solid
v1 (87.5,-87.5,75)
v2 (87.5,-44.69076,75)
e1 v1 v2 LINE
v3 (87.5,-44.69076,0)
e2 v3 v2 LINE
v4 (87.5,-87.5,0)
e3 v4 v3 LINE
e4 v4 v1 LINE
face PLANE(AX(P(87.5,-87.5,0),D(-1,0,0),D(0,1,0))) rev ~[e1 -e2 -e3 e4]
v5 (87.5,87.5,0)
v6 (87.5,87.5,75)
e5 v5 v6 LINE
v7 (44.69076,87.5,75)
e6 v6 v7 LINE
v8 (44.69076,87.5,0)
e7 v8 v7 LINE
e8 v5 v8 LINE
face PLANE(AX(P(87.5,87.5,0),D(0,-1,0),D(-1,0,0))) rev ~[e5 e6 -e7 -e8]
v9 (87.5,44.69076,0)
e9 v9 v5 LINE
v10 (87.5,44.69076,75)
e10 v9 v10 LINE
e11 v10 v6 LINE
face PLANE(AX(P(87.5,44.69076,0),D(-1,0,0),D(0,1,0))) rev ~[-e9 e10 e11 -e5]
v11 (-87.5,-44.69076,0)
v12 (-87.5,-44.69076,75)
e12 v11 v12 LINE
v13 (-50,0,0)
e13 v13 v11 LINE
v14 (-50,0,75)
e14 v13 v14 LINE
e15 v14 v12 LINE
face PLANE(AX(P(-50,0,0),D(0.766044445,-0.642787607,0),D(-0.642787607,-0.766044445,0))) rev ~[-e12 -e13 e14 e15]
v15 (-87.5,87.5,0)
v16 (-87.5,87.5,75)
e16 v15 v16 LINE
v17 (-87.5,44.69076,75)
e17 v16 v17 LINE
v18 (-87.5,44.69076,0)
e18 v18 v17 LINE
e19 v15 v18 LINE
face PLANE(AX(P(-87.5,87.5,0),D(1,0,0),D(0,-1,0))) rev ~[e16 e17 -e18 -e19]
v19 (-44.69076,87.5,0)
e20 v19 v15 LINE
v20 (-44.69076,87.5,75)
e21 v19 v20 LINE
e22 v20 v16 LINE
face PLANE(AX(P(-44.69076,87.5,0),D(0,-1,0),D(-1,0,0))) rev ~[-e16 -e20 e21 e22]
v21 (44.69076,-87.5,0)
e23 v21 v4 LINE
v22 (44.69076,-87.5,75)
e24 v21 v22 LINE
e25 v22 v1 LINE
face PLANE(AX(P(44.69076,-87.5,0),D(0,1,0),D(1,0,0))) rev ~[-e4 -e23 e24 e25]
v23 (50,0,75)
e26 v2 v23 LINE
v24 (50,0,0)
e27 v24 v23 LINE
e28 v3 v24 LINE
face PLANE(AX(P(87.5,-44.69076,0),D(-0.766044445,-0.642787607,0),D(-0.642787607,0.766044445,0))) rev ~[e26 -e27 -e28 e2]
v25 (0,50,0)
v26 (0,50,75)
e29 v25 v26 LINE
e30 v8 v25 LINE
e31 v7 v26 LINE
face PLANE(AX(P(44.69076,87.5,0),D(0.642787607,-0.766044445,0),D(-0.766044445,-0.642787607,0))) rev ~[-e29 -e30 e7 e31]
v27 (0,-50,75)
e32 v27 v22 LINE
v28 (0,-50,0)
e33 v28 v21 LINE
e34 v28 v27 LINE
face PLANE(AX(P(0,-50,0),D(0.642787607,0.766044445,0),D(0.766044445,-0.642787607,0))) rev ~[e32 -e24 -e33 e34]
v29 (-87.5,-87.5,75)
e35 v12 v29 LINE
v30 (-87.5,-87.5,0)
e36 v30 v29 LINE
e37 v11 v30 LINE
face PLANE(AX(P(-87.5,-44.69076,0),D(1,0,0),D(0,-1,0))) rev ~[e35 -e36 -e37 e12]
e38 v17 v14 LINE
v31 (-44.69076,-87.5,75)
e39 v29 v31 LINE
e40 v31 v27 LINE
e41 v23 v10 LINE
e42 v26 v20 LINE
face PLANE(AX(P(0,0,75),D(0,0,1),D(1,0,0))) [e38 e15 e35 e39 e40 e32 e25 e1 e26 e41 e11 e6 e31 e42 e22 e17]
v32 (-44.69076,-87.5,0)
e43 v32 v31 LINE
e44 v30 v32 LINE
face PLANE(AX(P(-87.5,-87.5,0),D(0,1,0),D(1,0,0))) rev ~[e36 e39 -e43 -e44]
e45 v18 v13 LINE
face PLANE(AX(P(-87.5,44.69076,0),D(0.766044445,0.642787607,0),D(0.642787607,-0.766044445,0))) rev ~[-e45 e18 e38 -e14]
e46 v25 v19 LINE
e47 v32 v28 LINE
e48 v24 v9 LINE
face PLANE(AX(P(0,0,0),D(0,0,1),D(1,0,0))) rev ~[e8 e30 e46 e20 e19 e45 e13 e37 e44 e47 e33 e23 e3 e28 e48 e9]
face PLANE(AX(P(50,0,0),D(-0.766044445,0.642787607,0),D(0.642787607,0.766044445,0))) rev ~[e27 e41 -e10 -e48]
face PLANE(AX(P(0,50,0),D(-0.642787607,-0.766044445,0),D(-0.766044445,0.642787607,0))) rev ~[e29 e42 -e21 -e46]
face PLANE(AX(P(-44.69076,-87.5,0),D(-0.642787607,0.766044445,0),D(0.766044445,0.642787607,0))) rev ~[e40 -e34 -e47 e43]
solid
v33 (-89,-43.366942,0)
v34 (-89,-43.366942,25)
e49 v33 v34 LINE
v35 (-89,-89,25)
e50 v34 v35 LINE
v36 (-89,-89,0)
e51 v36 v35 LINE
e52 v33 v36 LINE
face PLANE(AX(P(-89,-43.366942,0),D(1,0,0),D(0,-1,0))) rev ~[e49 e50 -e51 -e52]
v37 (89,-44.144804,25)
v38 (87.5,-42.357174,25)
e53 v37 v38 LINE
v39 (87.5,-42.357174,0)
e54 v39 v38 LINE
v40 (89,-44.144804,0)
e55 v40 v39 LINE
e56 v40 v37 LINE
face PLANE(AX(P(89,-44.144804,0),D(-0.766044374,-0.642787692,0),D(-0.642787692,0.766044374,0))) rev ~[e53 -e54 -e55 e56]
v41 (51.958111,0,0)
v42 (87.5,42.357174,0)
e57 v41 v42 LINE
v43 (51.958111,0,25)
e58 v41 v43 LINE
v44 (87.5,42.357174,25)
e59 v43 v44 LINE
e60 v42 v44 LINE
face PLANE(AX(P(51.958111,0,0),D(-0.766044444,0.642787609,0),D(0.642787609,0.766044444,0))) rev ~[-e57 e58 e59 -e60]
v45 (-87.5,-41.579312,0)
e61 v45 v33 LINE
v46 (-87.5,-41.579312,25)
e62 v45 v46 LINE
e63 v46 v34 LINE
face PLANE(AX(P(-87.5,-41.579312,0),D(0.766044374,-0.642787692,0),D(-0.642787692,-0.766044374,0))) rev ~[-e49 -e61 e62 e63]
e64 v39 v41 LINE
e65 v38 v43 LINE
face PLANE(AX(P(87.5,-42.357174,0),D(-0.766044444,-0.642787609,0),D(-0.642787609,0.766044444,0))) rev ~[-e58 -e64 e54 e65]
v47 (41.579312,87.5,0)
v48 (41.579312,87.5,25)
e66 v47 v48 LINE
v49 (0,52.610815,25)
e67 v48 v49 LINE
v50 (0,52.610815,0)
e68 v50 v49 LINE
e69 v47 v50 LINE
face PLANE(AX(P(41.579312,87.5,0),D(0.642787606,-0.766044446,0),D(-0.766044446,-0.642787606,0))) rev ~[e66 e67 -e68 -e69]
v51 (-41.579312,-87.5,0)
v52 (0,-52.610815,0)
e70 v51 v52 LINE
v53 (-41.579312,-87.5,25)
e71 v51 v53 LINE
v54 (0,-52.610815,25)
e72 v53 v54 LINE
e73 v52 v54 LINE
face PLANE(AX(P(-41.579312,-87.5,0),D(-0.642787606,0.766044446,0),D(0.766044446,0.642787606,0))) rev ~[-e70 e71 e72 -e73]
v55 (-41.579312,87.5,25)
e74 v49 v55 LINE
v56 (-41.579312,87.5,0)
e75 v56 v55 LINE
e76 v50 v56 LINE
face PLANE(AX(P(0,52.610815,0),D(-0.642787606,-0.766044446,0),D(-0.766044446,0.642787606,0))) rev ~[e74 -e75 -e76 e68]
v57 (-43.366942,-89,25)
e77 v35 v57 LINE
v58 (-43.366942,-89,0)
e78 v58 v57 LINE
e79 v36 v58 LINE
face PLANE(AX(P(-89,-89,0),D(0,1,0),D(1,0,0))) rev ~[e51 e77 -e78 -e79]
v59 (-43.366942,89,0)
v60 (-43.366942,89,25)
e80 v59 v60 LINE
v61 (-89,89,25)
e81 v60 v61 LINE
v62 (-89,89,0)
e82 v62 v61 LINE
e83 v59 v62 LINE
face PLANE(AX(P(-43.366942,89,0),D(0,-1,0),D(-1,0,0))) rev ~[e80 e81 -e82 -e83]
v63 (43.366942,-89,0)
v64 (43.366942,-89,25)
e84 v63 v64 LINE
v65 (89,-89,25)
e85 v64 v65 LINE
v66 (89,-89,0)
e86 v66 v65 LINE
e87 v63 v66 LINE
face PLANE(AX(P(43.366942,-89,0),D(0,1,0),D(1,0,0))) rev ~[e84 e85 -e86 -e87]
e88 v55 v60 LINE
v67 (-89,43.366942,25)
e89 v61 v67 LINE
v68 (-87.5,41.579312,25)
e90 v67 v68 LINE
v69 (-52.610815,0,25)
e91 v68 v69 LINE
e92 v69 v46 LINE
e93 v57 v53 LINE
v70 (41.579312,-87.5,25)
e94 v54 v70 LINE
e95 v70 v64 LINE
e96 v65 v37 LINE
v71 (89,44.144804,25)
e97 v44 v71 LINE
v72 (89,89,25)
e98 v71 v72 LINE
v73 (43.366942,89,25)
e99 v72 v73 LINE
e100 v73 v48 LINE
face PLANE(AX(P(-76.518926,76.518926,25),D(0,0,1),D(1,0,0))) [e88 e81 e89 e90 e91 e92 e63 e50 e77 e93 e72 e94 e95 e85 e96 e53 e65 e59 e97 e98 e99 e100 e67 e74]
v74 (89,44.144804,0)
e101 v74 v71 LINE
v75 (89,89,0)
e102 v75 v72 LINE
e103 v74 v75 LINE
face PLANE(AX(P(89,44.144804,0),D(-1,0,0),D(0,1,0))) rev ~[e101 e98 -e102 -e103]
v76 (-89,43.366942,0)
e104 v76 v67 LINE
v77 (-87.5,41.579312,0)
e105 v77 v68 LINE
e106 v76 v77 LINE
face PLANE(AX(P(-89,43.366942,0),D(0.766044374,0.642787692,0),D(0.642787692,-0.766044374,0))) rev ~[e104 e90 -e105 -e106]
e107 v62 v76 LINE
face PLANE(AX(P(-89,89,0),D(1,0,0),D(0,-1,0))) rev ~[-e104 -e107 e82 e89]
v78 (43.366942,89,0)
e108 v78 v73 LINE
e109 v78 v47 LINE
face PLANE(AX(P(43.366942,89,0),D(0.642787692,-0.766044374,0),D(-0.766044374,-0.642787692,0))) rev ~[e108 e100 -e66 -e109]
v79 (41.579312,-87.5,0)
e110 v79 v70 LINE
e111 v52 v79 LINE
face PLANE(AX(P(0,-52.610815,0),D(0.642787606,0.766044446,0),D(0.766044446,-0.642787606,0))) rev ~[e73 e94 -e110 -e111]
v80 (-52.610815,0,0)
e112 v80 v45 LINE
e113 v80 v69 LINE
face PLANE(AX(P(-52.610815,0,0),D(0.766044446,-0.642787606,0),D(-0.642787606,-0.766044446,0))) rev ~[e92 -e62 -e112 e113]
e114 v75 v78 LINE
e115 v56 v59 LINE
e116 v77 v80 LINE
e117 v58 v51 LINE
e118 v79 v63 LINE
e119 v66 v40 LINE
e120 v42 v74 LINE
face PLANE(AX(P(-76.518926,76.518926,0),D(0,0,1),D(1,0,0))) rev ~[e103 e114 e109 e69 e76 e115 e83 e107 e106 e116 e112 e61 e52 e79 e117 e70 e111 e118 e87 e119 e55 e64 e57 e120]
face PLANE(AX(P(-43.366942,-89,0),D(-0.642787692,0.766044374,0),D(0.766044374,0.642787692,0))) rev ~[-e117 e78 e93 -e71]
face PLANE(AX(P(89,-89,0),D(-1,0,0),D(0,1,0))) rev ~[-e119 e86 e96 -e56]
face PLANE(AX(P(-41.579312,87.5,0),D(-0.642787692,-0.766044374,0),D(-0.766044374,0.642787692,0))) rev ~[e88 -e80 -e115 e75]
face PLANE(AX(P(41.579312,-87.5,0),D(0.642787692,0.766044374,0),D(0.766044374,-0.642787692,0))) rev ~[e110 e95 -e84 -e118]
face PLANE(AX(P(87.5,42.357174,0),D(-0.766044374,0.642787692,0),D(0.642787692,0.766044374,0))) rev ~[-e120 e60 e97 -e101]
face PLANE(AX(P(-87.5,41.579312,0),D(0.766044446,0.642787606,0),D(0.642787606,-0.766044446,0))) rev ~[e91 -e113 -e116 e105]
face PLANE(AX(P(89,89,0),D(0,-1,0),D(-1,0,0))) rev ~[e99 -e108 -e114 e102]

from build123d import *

# Parameters (mm, degrees)
F1_DEPTH = 75
F2_DEPTH = 25


with BuildPart() as f1:
    # F0 (on Top) → F1 (new body)
    with BuildSketch(Plane.XY):
        Polygon((87.5, 44.69076), (87.5, 87.5), (44.69076, 87.5), (0, 50), (-44.69076, 87.5), (-87.5, 87.5), (-87.5, 44.69076), (-50, 0), (-87.5, -44.69076), (-87.5, -87.5), (-44.69076, -87.5), (0, -50), (44.69076, -87.5), (87.5, -87.5), (87.5, -44.69076), (50, 0), align=None)
    extrude(amount=F1_DEPTH)


with BuildPart() as f2:
    # F0 (on Top) → F2 (new body)
    with BuildSketch(Plane.XY):
        Polygon((-44.69076, 87.5), (-41.579312, 87.5), (-43.366942, 89), (-89, 89), (-89, 43.366942), (-87.5, 41.579312), (-87.5, 44.69076), (-87.5, 87.5), align=None)
        Polygon((0, 50), (44.69076, 87.5), (41.579312, 87.5), (0, 52.610815), (-41.579312, 87.5), (-44.69076, 87.5), align=None)
        Polygon((-50, 0), (-87.5, 44.69076), (-87.5, 41.579312), (-52.610815, 0), (-87.5, -41.579312), (-87.5, -44.69076), align=None)
        Polygon((44.69076, 87.5), (87.5, 87.5), (87.5, 44.69076), (87.5, 42.357174), (89, 44.144804), (89, 89), (43.366942, 89), (41.579312, 87.5), align=None)
        Polygon((87.5, 42.357174), (87.5, 44.69076), (50, 0), (87.5, -44.69076), (87.5, -42.357174), (51.958111, 0), align=None)
        Polygon((87.5, 44.69076), (87.5, 87.5), (44.69076, 87.5), (0, 50), (-44.69076, 87.5), (-87.5, 87.5), (-87.5, 44.69076), (-50, 0), (-87.5, -44.69076), (-87.5, -87.5), (-44.69076, -87.5), (0, -50), (44.69076, -87.5), (87.5, -87.5), (87.5, -44.69076), (50, 0), align=None)
        Polygon((-87.5, -41.579312), (-89, -43.366942), (-89, -89), (-43.366942, -89), (-41.579312, -87.5), (-44.69076, -87.5), (-87.5, -87.5), (-87.5, -44.69076), align=None)
        Polygon((89, -44.144804), (87.5, -42.357174), (87.5, -44.69076), (87.5, -87.5), (44.69076, -87.5), (41.579312, -87.5), (43.366942, -89), (89, -89), align=None)
        Polygon((41.579312, -87.5), (44.69076, -87.5), (0, -50), (-44.69076, -87.5), (-41.579312, -87.5), (0, -52.610815), align=None)
    extrude(amount=F2_DEPTH)


solid = Compound([f1.part, f2.part])
